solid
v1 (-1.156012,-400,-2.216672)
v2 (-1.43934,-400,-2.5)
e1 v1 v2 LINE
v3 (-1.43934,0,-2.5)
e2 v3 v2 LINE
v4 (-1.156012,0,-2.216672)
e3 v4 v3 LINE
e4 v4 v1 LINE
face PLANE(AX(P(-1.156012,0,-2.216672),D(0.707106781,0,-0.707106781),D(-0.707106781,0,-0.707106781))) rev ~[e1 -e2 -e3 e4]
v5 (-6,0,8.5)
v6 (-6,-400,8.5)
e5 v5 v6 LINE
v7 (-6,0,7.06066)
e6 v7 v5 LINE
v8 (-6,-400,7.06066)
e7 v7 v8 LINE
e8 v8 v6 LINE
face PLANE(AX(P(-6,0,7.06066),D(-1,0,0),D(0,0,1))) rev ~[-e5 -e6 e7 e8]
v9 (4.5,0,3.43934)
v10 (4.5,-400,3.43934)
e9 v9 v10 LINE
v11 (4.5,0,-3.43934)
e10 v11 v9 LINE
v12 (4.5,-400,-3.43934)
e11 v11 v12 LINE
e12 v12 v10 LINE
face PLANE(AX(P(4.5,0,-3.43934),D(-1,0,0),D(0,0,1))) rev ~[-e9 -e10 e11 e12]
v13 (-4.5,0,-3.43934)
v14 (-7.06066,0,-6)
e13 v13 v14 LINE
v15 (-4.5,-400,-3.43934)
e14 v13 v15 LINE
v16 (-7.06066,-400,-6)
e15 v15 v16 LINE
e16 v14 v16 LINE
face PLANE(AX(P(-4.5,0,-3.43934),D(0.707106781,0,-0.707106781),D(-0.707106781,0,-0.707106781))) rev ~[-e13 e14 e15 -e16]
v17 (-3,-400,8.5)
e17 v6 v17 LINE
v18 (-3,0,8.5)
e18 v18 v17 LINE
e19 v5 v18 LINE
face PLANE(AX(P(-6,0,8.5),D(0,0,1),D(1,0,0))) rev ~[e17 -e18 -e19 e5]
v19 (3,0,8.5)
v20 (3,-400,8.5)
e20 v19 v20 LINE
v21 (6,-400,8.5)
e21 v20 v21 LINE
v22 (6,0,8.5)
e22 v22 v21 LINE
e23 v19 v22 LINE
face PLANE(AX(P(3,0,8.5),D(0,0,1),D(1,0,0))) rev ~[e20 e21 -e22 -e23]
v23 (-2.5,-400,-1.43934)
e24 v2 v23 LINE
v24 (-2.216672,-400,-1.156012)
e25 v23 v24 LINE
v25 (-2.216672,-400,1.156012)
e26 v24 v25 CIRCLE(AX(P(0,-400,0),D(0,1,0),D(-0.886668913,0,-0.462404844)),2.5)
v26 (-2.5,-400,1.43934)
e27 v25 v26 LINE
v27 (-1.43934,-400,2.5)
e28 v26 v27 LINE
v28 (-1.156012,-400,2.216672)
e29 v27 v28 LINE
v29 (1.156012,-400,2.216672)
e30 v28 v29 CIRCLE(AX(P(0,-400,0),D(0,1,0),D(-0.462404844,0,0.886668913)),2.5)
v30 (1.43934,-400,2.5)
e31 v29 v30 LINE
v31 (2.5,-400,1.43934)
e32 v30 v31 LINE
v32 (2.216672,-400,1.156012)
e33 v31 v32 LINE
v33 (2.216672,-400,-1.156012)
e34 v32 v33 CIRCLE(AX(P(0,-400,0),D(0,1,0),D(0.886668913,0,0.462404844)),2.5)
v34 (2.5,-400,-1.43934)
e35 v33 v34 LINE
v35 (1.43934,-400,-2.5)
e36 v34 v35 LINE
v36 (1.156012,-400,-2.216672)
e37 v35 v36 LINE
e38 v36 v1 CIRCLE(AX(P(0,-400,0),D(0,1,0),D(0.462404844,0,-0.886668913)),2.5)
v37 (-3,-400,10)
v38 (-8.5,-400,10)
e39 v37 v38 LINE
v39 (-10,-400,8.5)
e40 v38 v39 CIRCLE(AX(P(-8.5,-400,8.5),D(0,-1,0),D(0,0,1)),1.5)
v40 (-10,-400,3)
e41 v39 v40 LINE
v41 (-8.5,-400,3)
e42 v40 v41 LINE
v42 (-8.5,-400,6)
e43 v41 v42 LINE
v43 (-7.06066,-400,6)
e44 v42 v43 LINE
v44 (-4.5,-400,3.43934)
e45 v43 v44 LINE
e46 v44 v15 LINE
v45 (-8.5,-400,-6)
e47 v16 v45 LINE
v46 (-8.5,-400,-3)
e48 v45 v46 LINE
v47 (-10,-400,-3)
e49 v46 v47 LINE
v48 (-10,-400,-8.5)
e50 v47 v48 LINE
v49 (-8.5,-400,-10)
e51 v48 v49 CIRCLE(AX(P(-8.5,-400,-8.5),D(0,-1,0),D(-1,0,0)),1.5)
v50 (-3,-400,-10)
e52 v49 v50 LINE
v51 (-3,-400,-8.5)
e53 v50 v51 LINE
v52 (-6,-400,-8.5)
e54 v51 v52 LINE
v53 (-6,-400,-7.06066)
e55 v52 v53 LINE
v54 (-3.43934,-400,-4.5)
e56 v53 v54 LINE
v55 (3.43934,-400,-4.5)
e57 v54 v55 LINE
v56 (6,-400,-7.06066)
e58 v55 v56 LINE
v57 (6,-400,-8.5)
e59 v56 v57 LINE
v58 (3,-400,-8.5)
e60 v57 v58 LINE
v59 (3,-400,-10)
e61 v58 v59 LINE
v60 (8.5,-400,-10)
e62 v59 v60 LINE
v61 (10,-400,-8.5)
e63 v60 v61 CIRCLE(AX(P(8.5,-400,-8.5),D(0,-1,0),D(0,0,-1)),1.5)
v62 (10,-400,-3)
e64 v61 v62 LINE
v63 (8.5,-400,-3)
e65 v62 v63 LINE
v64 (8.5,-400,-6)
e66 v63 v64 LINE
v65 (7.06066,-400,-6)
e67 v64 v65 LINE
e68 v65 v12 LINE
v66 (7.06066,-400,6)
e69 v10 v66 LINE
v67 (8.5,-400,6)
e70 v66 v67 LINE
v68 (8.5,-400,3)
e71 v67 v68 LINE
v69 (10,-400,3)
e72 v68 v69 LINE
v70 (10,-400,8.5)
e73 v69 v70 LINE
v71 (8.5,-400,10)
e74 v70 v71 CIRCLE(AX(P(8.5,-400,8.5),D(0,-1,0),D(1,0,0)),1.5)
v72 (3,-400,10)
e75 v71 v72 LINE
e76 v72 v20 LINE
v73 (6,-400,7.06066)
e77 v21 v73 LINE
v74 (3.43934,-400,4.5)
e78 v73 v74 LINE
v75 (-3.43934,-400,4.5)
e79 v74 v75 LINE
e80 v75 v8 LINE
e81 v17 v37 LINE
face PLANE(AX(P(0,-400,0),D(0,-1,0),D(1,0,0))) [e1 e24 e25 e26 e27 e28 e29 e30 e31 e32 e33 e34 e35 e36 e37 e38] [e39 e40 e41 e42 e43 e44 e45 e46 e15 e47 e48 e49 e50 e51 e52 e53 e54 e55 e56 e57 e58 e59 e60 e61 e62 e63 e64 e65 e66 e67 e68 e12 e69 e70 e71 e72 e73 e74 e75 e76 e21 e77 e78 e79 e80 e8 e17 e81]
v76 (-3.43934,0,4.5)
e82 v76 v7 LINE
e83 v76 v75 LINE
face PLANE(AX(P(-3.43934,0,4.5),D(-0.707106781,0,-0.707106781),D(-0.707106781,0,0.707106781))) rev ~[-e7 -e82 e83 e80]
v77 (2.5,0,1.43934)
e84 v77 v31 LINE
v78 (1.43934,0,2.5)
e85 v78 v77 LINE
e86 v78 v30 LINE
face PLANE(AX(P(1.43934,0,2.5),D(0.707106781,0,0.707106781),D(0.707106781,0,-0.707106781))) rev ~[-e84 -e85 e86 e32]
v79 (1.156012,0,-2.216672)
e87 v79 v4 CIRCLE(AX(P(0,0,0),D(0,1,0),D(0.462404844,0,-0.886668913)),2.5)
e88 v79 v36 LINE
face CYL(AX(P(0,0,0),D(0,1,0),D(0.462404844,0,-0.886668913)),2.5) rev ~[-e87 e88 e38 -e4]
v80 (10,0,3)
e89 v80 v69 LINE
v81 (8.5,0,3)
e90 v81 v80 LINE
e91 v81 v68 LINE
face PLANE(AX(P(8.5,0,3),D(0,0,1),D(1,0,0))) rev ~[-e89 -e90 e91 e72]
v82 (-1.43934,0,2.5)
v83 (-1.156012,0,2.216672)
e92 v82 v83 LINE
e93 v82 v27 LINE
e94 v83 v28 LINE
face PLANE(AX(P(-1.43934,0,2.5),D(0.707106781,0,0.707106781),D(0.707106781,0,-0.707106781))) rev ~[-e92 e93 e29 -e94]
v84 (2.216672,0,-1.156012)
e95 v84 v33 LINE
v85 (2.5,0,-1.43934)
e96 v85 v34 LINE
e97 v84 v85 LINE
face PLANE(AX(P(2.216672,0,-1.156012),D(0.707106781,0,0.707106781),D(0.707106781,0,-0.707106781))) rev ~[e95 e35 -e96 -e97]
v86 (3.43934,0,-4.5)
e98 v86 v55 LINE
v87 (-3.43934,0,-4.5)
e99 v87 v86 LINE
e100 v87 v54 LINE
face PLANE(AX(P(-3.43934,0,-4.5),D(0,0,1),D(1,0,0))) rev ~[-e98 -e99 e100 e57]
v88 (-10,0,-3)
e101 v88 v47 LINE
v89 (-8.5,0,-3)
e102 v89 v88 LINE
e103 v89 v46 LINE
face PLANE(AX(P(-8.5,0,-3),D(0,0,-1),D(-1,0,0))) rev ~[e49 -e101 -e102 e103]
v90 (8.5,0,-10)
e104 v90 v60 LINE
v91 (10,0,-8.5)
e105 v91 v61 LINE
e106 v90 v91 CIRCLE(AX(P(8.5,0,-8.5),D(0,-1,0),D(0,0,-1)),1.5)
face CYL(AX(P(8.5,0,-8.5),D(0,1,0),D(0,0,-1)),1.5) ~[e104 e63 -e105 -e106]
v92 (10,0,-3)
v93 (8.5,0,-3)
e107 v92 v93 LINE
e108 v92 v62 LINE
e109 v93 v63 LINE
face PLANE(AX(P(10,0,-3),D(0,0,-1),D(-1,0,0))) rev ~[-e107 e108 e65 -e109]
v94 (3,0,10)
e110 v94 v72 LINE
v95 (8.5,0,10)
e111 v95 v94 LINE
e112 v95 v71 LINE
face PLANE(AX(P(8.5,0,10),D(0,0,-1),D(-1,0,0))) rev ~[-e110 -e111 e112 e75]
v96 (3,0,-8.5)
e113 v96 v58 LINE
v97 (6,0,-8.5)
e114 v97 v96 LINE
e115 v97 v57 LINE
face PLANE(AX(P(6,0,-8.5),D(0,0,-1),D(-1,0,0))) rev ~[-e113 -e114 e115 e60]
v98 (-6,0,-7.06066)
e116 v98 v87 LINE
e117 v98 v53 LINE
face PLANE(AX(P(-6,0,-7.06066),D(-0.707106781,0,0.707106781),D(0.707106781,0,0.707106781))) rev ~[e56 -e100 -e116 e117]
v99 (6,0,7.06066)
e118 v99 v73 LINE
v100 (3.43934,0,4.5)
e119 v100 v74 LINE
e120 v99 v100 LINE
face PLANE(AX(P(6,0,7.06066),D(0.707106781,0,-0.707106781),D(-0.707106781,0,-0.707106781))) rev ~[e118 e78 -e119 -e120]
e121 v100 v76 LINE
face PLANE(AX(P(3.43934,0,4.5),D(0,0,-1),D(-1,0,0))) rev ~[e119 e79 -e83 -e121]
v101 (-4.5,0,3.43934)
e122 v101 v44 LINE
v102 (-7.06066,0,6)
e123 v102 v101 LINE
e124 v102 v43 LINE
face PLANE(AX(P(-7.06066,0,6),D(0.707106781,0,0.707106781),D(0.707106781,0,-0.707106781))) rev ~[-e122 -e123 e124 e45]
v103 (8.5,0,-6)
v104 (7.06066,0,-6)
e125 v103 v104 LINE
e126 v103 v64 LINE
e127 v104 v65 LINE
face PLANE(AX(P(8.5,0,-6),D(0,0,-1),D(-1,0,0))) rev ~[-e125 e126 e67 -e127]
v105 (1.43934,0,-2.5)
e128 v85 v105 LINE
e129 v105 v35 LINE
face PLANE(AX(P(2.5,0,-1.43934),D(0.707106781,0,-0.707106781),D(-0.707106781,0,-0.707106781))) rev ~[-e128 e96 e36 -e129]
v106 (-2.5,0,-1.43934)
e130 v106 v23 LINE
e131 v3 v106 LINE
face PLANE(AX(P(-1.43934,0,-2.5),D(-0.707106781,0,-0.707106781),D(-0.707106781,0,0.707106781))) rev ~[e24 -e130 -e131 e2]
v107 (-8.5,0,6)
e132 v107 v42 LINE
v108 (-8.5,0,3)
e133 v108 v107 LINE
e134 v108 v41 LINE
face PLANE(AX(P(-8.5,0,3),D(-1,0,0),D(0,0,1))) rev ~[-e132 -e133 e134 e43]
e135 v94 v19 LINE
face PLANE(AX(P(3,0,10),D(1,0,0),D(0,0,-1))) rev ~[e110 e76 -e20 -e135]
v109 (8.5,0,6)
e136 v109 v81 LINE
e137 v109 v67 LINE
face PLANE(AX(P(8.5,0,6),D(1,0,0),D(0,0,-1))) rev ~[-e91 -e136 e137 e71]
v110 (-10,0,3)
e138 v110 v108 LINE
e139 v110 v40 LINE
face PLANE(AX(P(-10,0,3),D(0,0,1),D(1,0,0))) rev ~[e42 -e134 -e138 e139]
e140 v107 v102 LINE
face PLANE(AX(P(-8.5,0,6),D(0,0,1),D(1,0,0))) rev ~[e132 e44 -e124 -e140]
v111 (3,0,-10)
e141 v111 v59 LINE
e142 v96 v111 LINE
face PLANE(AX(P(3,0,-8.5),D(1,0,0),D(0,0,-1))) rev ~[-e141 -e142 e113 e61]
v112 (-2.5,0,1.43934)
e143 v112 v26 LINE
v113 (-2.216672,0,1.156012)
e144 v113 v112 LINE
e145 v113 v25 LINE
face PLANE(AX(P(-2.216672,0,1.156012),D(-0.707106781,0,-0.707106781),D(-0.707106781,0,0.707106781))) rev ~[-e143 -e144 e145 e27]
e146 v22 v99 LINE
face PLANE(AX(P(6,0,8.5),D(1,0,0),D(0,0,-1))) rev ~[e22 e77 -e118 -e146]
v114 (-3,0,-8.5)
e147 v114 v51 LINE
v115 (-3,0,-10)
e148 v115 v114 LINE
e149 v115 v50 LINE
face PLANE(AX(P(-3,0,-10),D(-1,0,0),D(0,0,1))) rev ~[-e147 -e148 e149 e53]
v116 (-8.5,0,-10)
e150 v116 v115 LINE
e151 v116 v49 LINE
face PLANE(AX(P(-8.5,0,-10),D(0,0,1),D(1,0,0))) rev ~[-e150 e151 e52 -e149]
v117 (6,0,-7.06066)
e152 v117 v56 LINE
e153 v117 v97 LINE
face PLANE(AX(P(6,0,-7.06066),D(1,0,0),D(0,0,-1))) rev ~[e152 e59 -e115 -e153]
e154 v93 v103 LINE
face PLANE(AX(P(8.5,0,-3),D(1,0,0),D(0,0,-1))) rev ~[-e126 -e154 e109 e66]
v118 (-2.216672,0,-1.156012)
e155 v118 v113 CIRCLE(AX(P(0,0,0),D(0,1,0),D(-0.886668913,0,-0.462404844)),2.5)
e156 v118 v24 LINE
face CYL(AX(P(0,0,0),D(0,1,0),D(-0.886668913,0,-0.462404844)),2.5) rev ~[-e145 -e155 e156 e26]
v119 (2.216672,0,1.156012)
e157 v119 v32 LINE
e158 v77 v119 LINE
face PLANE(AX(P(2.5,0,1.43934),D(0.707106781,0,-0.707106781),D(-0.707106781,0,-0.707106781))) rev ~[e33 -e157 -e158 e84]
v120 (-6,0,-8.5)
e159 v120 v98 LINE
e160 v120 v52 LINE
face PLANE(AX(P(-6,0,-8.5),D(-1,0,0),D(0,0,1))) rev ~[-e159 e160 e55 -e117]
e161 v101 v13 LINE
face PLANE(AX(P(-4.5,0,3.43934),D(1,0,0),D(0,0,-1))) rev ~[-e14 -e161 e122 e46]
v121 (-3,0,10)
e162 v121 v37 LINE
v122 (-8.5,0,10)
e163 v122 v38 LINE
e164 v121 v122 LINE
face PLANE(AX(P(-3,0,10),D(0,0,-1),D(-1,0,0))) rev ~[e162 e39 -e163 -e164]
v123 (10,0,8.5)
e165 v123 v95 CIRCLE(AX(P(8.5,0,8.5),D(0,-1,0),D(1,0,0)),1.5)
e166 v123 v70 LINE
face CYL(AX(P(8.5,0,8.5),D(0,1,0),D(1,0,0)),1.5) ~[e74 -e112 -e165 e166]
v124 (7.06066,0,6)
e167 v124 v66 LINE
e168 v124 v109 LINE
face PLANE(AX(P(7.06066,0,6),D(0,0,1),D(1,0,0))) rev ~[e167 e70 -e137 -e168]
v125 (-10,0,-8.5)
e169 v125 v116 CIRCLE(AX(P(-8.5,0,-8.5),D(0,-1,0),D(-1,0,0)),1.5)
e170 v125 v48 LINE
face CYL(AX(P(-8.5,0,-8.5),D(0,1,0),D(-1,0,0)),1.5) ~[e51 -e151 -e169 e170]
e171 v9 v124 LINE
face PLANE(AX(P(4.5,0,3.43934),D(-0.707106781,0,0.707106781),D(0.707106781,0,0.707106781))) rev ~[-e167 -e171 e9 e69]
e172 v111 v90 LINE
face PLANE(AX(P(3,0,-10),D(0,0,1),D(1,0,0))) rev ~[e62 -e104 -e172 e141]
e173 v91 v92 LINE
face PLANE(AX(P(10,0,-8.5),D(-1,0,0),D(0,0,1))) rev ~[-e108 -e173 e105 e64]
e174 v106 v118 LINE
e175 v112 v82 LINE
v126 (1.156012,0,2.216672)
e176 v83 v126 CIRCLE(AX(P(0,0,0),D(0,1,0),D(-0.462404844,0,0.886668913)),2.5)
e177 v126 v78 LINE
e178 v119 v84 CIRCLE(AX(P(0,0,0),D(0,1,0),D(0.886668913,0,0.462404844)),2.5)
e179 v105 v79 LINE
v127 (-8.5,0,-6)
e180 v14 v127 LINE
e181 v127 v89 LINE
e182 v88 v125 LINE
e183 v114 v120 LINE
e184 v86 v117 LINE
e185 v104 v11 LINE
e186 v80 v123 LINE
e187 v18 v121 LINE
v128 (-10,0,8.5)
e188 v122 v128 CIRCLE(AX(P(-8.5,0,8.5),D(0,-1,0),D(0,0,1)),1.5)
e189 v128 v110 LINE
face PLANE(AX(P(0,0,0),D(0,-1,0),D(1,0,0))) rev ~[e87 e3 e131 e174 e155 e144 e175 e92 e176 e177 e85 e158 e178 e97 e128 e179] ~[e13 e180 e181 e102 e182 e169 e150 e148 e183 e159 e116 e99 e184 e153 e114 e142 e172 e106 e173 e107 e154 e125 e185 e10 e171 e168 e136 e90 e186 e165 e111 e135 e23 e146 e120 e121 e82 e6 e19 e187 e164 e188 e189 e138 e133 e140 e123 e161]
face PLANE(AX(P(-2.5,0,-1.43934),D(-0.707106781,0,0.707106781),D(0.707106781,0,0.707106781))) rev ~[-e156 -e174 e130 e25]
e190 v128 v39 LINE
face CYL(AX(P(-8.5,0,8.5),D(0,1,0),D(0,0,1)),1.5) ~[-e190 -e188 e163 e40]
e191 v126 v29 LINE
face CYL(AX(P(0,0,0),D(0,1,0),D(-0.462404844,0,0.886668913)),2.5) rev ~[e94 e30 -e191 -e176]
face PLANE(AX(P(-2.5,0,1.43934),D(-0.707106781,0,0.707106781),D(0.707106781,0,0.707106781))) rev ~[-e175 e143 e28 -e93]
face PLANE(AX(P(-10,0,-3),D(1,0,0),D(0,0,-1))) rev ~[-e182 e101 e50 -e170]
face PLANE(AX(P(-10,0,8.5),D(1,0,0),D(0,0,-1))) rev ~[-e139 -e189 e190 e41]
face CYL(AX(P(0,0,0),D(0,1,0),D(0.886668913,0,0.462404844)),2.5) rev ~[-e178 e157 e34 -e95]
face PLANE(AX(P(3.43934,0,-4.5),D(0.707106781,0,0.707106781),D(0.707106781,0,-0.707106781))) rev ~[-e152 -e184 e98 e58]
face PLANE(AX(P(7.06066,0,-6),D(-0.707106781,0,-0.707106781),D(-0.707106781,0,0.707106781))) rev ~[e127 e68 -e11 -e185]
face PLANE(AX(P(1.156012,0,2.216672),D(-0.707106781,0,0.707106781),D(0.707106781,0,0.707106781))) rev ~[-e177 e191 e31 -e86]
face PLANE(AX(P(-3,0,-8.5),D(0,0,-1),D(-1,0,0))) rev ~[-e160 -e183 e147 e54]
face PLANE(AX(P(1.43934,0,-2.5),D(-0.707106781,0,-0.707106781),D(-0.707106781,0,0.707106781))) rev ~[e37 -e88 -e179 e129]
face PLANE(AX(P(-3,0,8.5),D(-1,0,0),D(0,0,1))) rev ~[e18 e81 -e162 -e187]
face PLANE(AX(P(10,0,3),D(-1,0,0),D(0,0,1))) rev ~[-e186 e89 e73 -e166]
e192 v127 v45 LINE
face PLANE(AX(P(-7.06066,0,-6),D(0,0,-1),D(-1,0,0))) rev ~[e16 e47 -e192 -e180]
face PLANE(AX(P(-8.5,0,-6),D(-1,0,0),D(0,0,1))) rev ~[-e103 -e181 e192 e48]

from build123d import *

# Parameters (mm, degrees)
F1_DEPTH = 400


with BuildPart() as f1:
    # F0 (on Front) → F1 (new body)
    with BuildSketch(Plane.XZ):
        with BuildLine():
            Line((3, -10), (8.5, -10))
            ThreePointArc((8.5, -10), (9.5606601718, -9.5606601718), (10, -8.5))
            Line((10, -8.5), (10, -3))
            Line((10, -3), (8.5, -3))
            Line((8.5, -3), (8.5, -6))
            Line((8.5, -6), (7.0606601718, -6))
            Line((7.0606601718, -6), (4.5, -3.4393398282))
            Line((4.5, -3.4393398282), (4.5, 3.4393398282))
            Line((4.5, 3.4393398282), (7.0606601718, 6))
            Line((7.0606601718, 6), (8.5, 6))
            Line((8.5, 6), (8.5, 3))
            Line((8.5, 3), (10, 3))
            Line((10, 3), (10, 8.5))
            ThreePointArc((10, 8.5), (9.5606601718, 9.5606601718), (8.5, 10))
            Line((8.5, 10), (3, 10))
            Line((3, 10), (3, 8.5))
            Line((3, 8.5), (6, 8.5))
            Line((6, 8.5), (6, 7.0606601718))
            Line((6, 7.0606601718), (3.4393398282, 4.5))
            Line((3.4393398282, 4.5), (-3.4393398282, 4.5))
            Line((-3.4393398282, 4.5), (-6, 7.0606601718))
            Line((-6, 7.0606601718), (-6, 8.5))
            Line((-6, 8.5), (-3, 8.5))
            Line((-3, 8.5), (-3, 10))
            Line((-3, 10), (-8.5, 10))
            ThreePointArc((-8.5, 10), (-9.5606601718, 9.5606601718), (-10, 8.5))
            Line((-10, 8.5), (-10, 3))
            Line((-10, 3), (-8.5, 3))
            Line((-8.5, 3), (-8.5, 6))
            Line((-8.5, 6), (-7.0606601718, 6))
            Line((-7.0606601718, 6), (-4.5, 3.4393398282))
            Line((-4.5, 3.4393398282), (-4.5, -3.4393398282))
            Line((-4.5, -3.4393398282), (-7.0606601718, -6))
            Line((-7.0606601718, -6), (-8.5, -6))
            Line((-8.5, -6), (-8.5, -3))
            Line((-8.5, -3), (-10, -3))
            Line((-10, -3), (-10, -8.5))
            ThreePointArc((-10, -8.5), (-9.5606601718, -9.5606601718), (-8.5, -10))
            Line((-8.5, -10), (-3, -10))
            Line((-3, -10), (-3, -8.5))
            Line((-3, -8.5), (-6, -8.5))
            Line((-6, -8.5), (-6, -7.0606601718))
            Line((-6, -7.0606601718), (-3.4393398282, -4.5))
            Line((-3.4393398282, -4.5), (3.4393398282, -4.5))
            Line((3.4393398282, -4.5), (6, -7.0606601718))
            Line((6, -7.0606601718), (6, -8.5))
            Line((6, -8.5), (3, -8.5))
            Line((3, -8.5), (3, -10))
        make_face()
        with BuildLine():
            ThreePointArc((-1.1560121095, 2.2166722813), (0, 2.5), (1.1560121095, 2.2166722813))
            Line((1.1560121095, 2.2166722813), (1.4393398282, 2.5))
            Line((1.4393398282, 2.5), (2.5, 1.4393398282))
            Line((2.5, 1.4393398282), (2.2166722813, 1.1560121095))
            ThreePointArc((2.2166722813, 1.1560121095), (2.5, 0), (2.2166722813, -1.1560121095))
            Line((2.2166722813, -1.1560121095), (2.5, -1.4393398282))
            Line((2.5, -1.4393398282), (1.4393398282, -2.5))
            Line((1.4393398282, -2.5), (1.1560121095, -2.2166722813))
            ThreePointArc((1.1560121095, -2.2166722813), (0, -2.5), (-1.1560121095, -2.2166722813))
            Line((-1.1560121095, -2.2166722813), (-1.4393398282, -2.5))
            Line((-1.4393398282, -2.5), (-2.5, -1.4393398282))
            Line((-2.5, -1.4393398282), (-2.2166722813, -1.1560121095))
            ThreePointArc((-2.2166722813, -1.1560121095), (-2.5, 0), (-2.2166722813, 1.1560121095))
            Line((-2.2166722813, 1.1560121095), (-2.5, 1.4393398282))
            Line((-2.5, 1.4393398282), (-1.4393398282, 2.5))
            Line((-1.4393398282, 2.5), (-1.1560121095, 2.2166722813))
        make_face(mode=Mode.SUBTRACT)
    extrude(amount=F1_DEPTH)


solid = f1.part
